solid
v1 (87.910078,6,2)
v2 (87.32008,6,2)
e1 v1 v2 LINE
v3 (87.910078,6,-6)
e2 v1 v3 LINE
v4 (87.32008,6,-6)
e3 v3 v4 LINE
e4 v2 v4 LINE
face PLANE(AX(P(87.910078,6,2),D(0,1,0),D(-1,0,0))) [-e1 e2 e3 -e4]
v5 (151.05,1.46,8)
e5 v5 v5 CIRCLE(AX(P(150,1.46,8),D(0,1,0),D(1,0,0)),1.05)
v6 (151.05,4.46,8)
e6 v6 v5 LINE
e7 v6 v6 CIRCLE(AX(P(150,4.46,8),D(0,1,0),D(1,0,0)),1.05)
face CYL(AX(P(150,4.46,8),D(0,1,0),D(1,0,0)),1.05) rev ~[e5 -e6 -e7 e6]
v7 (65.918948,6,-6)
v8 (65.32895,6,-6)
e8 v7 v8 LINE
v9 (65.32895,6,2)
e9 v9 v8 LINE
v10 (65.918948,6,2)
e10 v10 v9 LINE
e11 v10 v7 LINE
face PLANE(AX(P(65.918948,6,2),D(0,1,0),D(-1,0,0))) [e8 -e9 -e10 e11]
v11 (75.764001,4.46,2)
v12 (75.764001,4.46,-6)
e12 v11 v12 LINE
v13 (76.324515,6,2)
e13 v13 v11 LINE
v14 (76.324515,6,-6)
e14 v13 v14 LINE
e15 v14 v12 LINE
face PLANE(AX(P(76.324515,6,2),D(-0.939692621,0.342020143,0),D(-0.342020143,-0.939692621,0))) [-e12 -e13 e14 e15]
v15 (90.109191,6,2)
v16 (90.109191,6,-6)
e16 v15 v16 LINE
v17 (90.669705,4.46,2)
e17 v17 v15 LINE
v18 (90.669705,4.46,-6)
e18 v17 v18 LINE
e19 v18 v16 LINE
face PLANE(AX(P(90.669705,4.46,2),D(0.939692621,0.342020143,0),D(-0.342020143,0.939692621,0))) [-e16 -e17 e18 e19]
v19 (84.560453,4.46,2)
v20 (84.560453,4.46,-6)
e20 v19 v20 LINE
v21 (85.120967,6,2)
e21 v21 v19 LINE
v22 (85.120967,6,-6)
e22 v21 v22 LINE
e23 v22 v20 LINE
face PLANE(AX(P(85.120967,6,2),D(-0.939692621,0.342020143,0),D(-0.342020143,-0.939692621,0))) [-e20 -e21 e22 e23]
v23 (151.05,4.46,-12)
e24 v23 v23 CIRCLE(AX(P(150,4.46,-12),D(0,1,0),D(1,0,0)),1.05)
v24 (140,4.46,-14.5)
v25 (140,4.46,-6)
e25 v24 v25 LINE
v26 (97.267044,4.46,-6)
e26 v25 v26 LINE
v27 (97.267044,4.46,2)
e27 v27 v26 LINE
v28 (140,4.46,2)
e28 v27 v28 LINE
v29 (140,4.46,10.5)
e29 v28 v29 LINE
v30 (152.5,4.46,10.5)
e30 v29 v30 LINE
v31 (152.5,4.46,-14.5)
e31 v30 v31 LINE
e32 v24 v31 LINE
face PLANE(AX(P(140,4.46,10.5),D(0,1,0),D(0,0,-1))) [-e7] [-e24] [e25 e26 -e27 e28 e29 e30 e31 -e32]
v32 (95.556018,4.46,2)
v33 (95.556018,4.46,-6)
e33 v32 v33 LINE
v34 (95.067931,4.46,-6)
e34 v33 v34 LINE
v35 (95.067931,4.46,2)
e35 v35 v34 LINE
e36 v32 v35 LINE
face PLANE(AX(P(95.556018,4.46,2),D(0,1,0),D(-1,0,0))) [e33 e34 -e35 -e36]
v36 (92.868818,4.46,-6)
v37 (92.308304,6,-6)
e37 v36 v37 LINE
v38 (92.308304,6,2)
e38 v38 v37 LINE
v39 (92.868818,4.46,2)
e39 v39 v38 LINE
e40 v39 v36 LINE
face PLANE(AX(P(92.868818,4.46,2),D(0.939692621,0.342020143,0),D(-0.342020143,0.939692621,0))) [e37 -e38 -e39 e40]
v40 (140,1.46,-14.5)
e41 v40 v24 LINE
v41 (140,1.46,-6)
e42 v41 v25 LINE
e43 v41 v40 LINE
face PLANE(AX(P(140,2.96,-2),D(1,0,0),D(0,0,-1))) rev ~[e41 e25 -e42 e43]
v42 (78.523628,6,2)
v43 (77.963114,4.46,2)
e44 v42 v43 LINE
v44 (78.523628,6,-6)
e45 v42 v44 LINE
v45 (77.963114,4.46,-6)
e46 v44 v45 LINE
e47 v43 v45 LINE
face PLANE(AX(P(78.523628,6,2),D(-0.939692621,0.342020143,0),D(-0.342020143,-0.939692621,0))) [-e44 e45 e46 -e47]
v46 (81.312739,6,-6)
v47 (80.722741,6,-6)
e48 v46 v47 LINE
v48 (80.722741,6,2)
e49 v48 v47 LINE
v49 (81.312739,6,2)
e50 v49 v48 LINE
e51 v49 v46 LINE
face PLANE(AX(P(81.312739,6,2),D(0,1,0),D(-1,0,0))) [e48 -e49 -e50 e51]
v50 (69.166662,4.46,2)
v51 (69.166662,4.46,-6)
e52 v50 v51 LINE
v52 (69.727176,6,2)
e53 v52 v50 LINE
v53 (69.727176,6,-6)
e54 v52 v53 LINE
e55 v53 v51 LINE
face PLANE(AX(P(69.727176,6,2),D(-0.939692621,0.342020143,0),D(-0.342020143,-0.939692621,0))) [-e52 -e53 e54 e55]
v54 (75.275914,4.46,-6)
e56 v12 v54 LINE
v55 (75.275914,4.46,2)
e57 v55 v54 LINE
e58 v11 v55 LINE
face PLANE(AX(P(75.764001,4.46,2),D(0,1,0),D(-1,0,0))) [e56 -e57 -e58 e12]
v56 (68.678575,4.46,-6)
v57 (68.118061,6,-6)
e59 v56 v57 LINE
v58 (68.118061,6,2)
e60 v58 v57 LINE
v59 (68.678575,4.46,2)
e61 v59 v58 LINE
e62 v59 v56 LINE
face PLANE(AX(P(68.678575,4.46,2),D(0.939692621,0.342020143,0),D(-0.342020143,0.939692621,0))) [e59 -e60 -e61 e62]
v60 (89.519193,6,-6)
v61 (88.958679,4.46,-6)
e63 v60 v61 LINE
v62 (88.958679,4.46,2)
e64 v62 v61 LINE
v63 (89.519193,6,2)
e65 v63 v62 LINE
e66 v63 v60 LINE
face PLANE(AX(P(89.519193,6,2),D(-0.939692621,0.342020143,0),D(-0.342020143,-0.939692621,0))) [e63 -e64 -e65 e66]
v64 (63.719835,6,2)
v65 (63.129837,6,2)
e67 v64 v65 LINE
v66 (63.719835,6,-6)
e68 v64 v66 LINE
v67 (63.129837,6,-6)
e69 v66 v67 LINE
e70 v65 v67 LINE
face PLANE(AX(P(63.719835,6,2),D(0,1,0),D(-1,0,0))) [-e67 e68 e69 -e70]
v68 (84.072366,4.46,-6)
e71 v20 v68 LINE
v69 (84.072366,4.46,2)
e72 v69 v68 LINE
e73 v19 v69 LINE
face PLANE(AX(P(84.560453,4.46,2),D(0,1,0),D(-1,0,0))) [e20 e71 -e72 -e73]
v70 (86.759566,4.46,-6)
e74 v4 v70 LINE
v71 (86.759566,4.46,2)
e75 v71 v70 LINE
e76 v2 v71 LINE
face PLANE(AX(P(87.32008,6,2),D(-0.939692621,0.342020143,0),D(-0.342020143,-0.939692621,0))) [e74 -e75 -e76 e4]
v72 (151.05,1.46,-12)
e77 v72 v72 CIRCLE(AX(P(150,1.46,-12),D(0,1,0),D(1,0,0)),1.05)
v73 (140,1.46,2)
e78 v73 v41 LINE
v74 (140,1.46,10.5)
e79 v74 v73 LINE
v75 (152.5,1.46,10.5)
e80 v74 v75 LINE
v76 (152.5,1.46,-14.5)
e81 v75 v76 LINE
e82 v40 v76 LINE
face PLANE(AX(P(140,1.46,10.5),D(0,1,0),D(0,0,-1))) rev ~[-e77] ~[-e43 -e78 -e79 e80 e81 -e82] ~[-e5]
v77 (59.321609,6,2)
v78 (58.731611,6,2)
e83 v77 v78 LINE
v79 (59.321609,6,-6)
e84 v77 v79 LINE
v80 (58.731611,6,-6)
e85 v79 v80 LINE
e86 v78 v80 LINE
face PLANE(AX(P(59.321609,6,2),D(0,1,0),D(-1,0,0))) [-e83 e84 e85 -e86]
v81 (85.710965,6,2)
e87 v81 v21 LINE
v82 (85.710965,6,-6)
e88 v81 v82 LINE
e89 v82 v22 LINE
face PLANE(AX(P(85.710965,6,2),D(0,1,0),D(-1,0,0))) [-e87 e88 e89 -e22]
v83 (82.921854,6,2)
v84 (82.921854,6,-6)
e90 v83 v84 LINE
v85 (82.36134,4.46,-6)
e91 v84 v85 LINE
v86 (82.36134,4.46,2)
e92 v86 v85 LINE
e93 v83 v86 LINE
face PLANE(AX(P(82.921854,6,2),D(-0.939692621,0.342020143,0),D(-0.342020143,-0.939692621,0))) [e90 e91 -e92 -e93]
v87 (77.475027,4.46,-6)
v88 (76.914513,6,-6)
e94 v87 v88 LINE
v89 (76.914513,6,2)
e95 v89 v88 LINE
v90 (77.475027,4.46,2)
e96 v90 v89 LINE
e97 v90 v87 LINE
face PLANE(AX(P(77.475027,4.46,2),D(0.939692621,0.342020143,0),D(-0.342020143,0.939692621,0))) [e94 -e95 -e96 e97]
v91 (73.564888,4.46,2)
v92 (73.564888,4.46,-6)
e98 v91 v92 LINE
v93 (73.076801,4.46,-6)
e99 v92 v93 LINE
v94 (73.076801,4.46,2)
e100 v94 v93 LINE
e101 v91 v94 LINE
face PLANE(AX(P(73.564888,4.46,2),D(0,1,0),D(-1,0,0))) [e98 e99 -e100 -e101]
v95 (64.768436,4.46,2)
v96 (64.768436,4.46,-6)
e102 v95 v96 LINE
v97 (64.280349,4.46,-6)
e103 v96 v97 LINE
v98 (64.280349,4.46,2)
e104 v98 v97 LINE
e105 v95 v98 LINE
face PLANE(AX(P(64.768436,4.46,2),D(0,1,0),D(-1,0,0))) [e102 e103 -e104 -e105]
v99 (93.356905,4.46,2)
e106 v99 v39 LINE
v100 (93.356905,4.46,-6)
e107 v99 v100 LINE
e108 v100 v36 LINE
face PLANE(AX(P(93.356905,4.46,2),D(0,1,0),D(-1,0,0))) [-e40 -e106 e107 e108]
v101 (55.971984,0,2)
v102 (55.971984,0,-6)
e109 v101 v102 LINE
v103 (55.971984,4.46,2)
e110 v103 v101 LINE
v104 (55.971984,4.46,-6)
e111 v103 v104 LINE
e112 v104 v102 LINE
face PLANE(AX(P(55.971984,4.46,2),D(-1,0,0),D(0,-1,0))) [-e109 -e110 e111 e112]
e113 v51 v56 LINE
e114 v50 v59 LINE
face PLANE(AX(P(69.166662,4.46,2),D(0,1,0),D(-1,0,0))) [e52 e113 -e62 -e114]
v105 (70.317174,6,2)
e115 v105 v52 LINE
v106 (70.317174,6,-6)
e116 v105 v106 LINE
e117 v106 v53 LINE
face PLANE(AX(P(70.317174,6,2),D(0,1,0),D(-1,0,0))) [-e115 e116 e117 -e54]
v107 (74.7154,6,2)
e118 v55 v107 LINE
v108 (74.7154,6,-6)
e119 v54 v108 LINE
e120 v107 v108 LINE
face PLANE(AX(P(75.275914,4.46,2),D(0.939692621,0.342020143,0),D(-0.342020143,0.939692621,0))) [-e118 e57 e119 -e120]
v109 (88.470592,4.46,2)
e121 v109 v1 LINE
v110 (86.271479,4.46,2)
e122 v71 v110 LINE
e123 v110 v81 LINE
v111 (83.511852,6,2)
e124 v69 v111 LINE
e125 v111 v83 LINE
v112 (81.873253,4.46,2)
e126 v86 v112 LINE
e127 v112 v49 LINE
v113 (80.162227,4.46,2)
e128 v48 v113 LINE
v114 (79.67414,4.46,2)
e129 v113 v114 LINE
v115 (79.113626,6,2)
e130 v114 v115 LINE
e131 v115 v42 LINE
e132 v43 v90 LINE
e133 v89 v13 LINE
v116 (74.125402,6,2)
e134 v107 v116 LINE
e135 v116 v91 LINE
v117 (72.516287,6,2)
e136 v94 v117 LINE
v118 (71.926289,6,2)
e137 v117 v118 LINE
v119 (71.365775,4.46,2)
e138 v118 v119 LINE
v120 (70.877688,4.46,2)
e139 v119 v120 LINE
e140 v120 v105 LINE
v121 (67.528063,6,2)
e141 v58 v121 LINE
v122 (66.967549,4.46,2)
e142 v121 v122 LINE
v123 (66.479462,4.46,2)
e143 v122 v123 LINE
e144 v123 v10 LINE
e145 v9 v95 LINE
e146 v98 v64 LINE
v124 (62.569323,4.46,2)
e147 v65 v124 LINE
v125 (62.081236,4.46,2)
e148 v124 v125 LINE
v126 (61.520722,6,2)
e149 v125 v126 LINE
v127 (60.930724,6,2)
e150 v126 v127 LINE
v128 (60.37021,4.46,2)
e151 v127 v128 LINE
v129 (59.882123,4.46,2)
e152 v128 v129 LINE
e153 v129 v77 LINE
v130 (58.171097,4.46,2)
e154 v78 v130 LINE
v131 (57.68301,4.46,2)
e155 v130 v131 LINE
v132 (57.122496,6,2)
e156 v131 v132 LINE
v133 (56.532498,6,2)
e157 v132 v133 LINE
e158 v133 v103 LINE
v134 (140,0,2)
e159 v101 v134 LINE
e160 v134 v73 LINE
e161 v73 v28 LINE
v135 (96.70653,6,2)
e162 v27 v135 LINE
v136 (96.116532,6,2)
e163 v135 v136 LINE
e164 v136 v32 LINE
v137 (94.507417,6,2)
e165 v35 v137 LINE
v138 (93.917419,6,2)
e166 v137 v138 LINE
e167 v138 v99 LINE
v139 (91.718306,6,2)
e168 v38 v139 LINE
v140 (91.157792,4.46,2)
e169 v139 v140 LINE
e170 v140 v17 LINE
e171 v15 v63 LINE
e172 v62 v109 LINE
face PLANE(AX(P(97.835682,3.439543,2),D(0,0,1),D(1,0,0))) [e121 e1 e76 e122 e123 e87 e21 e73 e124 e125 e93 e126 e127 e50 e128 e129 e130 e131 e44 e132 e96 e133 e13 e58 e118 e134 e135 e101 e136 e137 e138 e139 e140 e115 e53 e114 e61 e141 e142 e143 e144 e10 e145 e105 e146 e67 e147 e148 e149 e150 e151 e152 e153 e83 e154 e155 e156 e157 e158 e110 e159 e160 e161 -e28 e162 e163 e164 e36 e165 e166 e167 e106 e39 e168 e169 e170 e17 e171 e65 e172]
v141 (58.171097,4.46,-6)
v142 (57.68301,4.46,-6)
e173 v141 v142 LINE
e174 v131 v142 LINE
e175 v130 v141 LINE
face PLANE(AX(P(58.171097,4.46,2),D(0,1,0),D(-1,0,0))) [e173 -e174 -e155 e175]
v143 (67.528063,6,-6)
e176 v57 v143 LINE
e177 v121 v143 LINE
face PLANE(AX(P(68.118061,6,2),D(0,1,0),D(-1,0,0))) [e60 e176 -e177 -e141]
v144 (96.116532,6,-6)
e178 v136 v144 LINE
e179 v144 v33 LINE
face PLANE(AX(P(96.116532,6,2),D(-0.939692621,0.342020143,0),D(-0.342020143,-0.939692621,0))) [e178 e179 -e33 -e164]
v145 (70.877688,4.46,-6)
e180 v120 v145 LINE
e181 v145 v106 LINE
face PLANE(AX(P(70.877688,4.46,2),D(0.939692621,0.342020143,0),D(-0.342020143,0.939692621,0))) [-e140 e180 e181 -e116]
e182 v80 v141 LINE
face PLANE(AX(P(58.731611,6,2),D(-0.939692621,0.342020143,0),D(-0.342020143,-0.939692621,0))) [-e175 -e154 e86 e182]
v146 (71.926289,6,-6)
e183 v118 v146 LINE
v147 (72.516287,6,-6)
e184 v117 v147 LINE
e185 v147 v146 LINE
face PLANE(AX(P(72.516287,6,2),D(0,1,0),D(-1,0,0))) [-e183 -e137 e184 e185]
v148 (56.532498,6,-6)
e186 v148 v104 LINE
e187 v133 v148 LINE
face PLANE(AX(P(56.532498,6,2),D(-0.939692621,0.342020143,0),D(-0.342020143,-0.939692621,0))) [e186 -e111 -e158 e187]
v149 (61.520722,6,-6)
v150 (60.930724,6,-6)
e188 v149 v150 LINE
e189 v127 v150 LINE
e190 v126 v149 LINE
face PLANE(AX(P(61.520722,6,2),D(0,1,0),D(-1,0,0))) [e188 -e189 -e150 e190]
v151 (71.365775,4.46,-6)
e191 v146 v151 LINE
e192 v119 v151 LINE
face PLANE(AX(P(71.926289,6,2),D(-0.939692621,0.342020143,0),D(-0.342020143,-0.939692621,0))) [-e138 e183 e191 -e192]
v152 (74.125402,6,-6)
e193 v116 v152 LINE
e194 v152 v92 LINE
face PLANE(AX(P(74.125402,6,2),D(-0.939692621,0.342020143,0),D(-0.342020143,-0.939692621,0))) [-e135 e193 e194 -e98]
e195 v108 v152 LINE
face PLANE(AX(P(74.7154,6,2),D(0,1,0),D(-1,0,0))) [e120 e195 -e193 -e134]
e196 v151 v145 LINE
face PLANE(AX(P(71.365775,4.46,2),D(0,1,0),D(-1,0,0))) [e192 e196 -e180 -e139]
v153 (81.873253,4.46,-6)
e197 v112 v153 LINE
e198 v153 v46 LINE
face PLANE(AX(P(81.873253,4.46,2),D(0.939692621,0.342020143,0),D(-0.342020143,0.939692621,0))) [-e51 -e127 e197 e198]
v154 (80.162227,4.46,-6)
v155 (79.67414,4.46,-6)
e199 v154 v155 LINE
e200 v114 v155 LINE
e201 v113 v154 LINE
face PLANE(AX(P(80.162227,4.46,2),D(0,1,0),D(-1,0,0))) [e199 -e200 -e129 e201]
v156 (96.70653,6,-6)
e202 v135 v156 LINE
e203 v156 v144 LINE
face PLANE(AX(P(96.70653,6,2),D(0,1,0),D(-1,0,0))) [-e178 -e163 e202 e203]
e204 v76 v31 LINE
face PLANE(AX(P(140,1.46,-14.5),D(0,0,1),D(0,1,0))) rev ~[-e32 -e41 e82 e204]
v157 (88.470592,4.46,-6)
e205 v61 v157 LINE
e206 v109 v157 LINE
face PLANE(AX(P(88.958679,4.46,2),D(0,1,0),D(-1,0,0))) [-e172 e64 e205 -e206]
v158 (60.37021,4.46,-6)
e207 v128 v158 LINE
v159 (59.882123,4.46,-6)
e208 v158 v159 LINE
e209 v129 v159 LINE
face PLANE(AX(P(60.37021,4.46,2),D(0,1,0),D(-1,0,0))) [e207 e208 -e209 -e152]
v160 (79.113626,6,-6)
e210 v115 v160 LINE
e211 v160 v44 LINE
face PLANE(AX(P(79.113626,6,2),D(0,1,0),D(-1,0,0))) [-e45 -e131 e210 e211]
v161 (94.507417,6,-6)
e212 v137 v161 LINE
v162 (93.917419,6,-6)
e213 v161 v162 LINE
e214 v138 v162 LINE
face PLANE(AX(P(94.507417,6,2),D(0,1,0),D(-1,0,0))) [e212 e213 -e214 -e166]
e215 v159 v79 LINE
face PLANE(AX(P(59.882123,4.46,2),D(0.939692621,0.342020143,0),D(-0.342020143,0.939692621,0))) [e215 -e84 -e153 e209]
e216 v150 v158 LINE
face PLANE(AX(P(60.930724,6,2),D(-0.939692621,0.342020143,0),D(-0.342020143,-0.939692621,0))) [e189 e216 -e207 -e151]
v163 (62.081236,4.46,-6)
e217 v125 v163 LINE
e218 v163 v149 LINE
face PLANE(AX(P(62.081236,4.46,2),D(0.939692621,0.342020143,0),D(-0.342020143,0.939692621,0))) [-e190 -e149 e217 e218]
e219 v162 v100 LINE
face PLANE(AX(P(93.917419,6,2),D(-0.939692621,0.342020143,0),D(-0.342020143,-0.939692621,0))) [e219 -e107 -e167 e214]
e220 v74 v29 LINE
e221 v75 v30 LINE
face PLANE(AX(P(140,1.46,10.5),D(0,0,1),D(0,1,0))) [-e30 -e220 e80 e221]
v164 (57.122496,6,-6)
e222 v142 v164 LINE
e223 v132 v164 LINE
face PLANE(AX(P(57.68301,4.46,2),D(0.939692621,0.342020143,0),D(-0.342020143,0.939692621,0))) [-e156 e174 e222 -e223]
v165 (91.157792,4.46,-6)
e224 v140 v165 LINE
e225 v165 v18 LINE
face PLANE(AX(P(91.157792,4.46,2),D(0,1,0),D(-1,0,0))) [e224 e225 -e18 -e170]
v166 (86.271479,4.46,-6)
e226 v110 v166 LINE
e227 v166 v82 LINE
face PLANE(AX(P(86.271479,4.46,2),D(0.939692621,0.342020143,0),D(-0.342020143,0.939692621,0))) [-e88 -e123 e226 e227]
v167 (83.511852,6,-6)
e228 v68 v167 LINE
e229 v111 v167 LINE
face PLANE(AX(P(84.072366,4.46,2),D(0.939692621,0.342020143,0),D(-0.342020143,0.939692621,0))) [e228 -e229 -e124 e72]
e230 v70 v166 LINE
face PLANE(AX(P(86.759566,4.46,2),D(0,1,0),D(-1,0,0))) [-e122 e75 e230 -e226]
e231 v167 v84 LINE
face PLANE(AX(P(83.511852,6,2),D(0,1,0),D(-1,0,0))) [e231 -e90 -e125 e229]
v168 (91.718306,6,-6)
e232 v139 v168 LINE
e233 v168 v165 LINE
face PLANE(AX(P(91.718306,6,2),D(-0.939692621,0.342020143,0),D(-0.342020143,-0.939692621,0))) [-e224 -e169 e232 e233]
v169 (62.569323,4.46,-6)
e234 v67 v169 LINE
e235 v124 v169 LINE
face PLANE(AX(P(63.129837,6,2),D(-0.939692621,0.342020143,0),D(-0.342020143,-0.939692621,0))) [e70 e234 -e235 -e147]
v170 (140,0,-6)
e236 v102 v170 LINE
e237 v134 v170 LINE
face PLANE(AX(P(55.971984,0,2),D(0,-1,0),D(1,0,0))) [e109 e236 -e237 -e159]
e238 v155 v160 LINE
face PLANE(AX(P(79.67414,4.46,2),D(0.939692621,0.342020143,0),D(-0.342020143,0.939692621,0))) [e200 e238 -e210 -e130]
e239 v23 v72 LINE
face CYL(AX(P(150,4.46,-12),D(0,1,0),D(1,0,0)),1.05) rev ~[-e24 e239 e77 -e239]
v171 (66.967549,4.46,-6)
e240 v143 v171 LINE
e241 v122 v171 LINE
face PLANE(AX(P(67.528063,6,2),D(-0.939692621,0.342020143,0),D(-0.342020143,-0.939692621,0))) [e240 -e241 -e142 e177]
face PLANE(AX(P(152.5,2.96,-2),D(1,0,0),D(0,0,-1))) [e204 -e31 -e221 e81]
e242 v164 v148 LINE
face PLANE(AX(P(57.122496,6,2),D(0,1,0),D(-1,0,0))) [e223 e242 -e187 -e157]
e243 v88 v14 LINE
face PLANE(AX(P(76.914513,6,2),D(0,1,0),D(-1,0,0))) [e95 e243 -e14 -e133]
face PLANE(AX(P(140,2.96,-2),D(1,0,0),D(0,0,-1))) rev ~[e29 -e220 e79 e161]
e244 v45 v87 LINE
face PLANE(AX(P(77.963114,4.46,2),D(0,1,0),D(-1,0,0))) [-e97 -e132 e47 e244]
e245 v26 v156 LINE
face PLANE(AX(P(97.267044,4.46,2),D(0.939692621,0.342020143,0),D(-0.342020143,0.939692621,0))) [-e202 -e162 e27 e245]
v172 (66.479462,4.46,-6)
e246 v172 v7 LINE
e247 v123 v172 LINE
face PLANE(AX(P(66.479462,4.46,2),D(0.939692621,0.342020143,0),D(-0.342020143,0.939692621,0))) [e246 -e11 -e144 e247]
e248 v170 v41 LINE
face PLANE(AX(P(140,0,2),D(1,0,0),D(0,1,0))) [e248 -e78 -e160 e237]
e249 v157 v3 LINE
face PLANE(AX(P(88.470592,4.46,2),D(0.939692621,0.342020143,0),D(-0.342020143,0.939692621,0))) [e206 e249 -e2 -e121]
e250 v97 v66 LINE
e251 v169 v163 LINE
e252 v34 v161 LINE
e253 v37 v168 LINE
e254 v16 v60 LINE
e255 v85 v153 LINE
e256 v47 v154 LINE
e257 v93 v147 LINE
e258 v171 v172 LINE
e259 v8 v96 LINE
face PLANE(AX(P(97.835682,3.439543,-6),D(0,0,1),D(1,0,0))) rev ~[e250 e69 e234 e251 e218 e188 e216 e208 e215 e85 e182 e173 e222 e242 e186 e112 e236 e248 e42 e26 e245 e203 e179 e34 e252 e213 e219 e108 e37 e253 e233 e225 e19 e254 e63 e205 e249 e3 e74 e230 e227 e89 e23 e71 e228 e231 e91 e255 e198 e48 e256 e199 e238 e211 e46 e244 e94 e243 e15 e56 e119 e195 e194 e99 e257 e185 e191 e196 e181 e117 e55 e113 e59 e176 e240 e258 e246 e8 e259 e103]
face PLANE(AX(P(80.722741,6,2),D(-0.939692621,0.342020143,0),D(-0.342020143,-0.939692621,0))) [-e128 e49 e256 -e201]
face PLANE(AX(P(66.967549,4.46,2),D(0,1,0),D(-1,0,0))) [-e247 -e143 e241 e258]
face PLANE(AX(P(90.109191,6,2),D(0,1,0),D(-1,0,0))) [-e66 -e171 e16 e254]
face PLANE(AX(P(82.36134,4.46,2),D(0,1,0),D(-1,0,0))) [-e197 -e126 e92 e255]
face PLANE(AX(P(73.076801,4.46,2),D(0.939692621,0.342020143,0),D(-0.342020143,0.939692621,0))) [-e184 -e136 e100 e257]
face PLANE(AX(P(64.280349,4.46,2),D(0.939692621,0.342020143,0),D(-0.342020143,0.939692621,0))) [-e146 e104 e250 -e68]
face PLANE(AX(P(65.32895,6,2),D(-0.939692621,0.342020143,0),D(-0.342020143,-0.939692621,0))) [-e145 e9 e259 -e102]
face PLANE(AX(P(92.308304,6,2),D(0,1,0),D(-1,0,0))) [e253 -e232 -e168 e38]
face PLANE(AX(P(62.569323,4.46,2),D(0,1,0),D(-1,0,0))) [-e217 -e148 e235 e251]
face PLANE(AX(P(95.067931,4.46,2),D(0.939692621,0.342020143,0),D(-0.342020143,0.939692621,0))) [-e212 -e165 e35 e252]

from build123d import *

# Parameters (mm, degrees)
BOSS_EXTRU_1_DEPTH      = 8
ESQUISSE3_W             = 25
ESQUISSE3_H             = 3
BOSS_EXTRU_3_DEPTH      = 12.5
ESQUISSE4_R             = 1.05
ENL_V_MAT_EXTRU_1_DEPTH = 10
ESQUISSE7_W             = 13.702754964
ESQUISSE7_H             = 7.283651796
ENL_V_MAT_EXTRU_2_DEPTH = 55


with BuildPart() as part:
    # Esquisse1 → Boss.-Extru.1 (new body)
    with BuildSketch(Plane.XY.offset(2)):
        Polygon((55.971983753, 0), (140, 0), (140, 4.46), (139.050191247, 4.46), (138.489677086, 6), (137.899678914, 6), (137.339164753, 4.46), (136.851078247, 4.46), (136.290564086, 6), (135.700565914, 6), (135.140051753, 4.46), (134.651965247, 4.46), (134.091451086, 6), (133.501452914, 6), (132.940938753, 4.46), (132.452852247, 4.46), (131.892338086, 6), (131.302339914, 6), (130.741825753, 4.46), (130.253739247, 4.46), (129.693225086, 6), (129.103226914, 6), (128.542712753, 4.46), (128.054626247, 4.46), (127.494112086, 6), (126.904113914, 6), (126.343599753, 4.46), (125.855513247, 4.46), (125.294999086, 6), (124.705000914, 6), (124.144486753, 4.46), (123.656400247, 4.46), (123.095886086, 6), (122.505887914, 6), (121.945373753, 4.46), (121.457287247, 4.46), (120.896773086, 6), (120.306774914, 6), (119.746260753, 4.46), (119.258174247, 4.46), (118.697660086, 6), (118.107661914, 6), (117.547147753, 4.46), (117.059061247, 4.46), (116.498547086, 6), (115.908548914, 6), (115.348034753, 4.46), (114.859948247, 4.46), (114.299434086, 6), (113.709435914, 6), (113.148921753, 4.46), (112.660835247, 4.46), (112.100321086, 6), (111.510322914, 6), (110.949808753, 4.46), (110.461722247, 4.46), (109.901208086, 6), (109.311209914, 6), (108.750695753, 4.46), (108.262609247, 4.46), (107.702095086, 6), (107.112096914, 6), (106.551582753, 4.46), (106.063496247, 4.46), (105.502982086, 6), (104.912983914, 6), (104.352469753, 4.46), (103.864383247, 4.46), (103.303869086, 6), (102.713870914, 6), (102.153356753, 4.46), (101.665270247, 4.46), (101.104756086, 6), (100.514757914, 6), (99.954243753, 4.46), (99.466157247, 4.46), (98.905643086, 6), (98.315644914, 6), (97.755130753, 4.46), (97.267044247, 4.46), (96.706530086, 6), (96.116531914, 6), (95.556017753, 4.46), (95.067931247, 4.46), (94.507417086, 6), (93.917418914, 6), (93.356904753, 4.46), (92.868818247, 4.46), (92.308304086, 6), (91.718305914, 6), (91.157791753, 4.46), (90.669705247, 4.46), (90.109191086, 6), (89.519192914, 6), (88.958678753, 4.46), (88.470592247, 4.46), (87.910078086, 6), (87.320079914, 6), (86.759565753, 4.46), (86.271479247, 4.46), (85.710965086, 6), (85.120966914, 6), (84.560452753, 4.46), (84.072366247, 4.46), (83.511852086, 6), (82.921853914, 6), (82.361339753, 4.46), (81.873253247, 4.46), (81.312739086, 6), (80.722740914, 6), (80.162226753, 4.46), (79.674140247, 4.46), (79.113626086, 6), (78.523627914, 6), (77.963113753, 4.46), (77.475027247, 4.46), (76.914513086, 6), (76.324514914, 6), (75.764000753, 4.46), (75.275914247, 4.46), (74.715400086, 6), (74.125401914, 6), (73.564887753, 4.46), (73.076801247, 4.46), (72.516287086, 6), (71.926288914, 6), (71.365774753, 4.46), (70.877688247, 4.46), (70.317174086, 6), (69.727175914, 6), (69.166661753, 4.46), (68.678575247, 4.46), (68.118061086, 6), (67.528062914, 6), (66.967548753, 4.46), (66.479462247, 4.46), (65.918948086, 6), (65.328949914, 6), (64.768435753, 4.46), (64.280349247, 4.46), (63.719835086, 6), (63.129836914, 6), (62.569322753, 4.46), (62.081236247, 4.46), (61.520722086, 6), (60.930723914, 6), (60.370209753, 4.46), (59.882123247, 4.46), (59.321609086, 6), (58.731610914, 6), (58.171096753, 4.46), (57.683010247, 4.46), (57.122496086, 6), (56.532497914, 6), (55.971983753, 4.46), align=None)
    extrude(amount=-BOSS_EXTRU_1_DEPTH)

    # Esquisse3 → Boss.-Extru.3 (add)
    with BuildSketch(Plane(origin=(140, 0, 0), x_dir=(0, 0, -1), z_dir=(1, 0, 0))):
        with Locations((2, 2.96)):
            Rectangle(ESQUISSE3_W, ESQUISSE3_H)
    extrude(amount=BOSS_EXTRU_3_DEPTH)

    # Esquisse4 → Enlèv. mat.-Extru.1 (cut)
    with BuildSketch(Plane(origin=(0, 4.46, 0), x_dir=(1, 0, 0), z_dir=(0, 1, 0))):
        with Locations((150, -8)):
            Circle(ESQUISSE4_R)
        with Locations((150, 12)):
            Circle(ESQUISSE4_R)
    extrude(amount=-ENL_V_MAT_EXTRU_1_DEPTH, mode=Mode.SUBTRACT)

    # Esquisse7 → Enlèv. mat.-Extru.2 (cut)
    with BuildSketch(Plane(origin=(152.5, 0, 0), x_dir=(0, 0, -1), z_dir=(1, 0, 0))):
        with Locations((2.202713729, 8.101825898)):
            Rectangle(ESQUISSE7_W, ESQUISSE7_H)
    extrude(amount=-ENL_V_MAT_EXTRU_2_DEPTH, mode=Mode.SUBTRACT)


solid = part.part
